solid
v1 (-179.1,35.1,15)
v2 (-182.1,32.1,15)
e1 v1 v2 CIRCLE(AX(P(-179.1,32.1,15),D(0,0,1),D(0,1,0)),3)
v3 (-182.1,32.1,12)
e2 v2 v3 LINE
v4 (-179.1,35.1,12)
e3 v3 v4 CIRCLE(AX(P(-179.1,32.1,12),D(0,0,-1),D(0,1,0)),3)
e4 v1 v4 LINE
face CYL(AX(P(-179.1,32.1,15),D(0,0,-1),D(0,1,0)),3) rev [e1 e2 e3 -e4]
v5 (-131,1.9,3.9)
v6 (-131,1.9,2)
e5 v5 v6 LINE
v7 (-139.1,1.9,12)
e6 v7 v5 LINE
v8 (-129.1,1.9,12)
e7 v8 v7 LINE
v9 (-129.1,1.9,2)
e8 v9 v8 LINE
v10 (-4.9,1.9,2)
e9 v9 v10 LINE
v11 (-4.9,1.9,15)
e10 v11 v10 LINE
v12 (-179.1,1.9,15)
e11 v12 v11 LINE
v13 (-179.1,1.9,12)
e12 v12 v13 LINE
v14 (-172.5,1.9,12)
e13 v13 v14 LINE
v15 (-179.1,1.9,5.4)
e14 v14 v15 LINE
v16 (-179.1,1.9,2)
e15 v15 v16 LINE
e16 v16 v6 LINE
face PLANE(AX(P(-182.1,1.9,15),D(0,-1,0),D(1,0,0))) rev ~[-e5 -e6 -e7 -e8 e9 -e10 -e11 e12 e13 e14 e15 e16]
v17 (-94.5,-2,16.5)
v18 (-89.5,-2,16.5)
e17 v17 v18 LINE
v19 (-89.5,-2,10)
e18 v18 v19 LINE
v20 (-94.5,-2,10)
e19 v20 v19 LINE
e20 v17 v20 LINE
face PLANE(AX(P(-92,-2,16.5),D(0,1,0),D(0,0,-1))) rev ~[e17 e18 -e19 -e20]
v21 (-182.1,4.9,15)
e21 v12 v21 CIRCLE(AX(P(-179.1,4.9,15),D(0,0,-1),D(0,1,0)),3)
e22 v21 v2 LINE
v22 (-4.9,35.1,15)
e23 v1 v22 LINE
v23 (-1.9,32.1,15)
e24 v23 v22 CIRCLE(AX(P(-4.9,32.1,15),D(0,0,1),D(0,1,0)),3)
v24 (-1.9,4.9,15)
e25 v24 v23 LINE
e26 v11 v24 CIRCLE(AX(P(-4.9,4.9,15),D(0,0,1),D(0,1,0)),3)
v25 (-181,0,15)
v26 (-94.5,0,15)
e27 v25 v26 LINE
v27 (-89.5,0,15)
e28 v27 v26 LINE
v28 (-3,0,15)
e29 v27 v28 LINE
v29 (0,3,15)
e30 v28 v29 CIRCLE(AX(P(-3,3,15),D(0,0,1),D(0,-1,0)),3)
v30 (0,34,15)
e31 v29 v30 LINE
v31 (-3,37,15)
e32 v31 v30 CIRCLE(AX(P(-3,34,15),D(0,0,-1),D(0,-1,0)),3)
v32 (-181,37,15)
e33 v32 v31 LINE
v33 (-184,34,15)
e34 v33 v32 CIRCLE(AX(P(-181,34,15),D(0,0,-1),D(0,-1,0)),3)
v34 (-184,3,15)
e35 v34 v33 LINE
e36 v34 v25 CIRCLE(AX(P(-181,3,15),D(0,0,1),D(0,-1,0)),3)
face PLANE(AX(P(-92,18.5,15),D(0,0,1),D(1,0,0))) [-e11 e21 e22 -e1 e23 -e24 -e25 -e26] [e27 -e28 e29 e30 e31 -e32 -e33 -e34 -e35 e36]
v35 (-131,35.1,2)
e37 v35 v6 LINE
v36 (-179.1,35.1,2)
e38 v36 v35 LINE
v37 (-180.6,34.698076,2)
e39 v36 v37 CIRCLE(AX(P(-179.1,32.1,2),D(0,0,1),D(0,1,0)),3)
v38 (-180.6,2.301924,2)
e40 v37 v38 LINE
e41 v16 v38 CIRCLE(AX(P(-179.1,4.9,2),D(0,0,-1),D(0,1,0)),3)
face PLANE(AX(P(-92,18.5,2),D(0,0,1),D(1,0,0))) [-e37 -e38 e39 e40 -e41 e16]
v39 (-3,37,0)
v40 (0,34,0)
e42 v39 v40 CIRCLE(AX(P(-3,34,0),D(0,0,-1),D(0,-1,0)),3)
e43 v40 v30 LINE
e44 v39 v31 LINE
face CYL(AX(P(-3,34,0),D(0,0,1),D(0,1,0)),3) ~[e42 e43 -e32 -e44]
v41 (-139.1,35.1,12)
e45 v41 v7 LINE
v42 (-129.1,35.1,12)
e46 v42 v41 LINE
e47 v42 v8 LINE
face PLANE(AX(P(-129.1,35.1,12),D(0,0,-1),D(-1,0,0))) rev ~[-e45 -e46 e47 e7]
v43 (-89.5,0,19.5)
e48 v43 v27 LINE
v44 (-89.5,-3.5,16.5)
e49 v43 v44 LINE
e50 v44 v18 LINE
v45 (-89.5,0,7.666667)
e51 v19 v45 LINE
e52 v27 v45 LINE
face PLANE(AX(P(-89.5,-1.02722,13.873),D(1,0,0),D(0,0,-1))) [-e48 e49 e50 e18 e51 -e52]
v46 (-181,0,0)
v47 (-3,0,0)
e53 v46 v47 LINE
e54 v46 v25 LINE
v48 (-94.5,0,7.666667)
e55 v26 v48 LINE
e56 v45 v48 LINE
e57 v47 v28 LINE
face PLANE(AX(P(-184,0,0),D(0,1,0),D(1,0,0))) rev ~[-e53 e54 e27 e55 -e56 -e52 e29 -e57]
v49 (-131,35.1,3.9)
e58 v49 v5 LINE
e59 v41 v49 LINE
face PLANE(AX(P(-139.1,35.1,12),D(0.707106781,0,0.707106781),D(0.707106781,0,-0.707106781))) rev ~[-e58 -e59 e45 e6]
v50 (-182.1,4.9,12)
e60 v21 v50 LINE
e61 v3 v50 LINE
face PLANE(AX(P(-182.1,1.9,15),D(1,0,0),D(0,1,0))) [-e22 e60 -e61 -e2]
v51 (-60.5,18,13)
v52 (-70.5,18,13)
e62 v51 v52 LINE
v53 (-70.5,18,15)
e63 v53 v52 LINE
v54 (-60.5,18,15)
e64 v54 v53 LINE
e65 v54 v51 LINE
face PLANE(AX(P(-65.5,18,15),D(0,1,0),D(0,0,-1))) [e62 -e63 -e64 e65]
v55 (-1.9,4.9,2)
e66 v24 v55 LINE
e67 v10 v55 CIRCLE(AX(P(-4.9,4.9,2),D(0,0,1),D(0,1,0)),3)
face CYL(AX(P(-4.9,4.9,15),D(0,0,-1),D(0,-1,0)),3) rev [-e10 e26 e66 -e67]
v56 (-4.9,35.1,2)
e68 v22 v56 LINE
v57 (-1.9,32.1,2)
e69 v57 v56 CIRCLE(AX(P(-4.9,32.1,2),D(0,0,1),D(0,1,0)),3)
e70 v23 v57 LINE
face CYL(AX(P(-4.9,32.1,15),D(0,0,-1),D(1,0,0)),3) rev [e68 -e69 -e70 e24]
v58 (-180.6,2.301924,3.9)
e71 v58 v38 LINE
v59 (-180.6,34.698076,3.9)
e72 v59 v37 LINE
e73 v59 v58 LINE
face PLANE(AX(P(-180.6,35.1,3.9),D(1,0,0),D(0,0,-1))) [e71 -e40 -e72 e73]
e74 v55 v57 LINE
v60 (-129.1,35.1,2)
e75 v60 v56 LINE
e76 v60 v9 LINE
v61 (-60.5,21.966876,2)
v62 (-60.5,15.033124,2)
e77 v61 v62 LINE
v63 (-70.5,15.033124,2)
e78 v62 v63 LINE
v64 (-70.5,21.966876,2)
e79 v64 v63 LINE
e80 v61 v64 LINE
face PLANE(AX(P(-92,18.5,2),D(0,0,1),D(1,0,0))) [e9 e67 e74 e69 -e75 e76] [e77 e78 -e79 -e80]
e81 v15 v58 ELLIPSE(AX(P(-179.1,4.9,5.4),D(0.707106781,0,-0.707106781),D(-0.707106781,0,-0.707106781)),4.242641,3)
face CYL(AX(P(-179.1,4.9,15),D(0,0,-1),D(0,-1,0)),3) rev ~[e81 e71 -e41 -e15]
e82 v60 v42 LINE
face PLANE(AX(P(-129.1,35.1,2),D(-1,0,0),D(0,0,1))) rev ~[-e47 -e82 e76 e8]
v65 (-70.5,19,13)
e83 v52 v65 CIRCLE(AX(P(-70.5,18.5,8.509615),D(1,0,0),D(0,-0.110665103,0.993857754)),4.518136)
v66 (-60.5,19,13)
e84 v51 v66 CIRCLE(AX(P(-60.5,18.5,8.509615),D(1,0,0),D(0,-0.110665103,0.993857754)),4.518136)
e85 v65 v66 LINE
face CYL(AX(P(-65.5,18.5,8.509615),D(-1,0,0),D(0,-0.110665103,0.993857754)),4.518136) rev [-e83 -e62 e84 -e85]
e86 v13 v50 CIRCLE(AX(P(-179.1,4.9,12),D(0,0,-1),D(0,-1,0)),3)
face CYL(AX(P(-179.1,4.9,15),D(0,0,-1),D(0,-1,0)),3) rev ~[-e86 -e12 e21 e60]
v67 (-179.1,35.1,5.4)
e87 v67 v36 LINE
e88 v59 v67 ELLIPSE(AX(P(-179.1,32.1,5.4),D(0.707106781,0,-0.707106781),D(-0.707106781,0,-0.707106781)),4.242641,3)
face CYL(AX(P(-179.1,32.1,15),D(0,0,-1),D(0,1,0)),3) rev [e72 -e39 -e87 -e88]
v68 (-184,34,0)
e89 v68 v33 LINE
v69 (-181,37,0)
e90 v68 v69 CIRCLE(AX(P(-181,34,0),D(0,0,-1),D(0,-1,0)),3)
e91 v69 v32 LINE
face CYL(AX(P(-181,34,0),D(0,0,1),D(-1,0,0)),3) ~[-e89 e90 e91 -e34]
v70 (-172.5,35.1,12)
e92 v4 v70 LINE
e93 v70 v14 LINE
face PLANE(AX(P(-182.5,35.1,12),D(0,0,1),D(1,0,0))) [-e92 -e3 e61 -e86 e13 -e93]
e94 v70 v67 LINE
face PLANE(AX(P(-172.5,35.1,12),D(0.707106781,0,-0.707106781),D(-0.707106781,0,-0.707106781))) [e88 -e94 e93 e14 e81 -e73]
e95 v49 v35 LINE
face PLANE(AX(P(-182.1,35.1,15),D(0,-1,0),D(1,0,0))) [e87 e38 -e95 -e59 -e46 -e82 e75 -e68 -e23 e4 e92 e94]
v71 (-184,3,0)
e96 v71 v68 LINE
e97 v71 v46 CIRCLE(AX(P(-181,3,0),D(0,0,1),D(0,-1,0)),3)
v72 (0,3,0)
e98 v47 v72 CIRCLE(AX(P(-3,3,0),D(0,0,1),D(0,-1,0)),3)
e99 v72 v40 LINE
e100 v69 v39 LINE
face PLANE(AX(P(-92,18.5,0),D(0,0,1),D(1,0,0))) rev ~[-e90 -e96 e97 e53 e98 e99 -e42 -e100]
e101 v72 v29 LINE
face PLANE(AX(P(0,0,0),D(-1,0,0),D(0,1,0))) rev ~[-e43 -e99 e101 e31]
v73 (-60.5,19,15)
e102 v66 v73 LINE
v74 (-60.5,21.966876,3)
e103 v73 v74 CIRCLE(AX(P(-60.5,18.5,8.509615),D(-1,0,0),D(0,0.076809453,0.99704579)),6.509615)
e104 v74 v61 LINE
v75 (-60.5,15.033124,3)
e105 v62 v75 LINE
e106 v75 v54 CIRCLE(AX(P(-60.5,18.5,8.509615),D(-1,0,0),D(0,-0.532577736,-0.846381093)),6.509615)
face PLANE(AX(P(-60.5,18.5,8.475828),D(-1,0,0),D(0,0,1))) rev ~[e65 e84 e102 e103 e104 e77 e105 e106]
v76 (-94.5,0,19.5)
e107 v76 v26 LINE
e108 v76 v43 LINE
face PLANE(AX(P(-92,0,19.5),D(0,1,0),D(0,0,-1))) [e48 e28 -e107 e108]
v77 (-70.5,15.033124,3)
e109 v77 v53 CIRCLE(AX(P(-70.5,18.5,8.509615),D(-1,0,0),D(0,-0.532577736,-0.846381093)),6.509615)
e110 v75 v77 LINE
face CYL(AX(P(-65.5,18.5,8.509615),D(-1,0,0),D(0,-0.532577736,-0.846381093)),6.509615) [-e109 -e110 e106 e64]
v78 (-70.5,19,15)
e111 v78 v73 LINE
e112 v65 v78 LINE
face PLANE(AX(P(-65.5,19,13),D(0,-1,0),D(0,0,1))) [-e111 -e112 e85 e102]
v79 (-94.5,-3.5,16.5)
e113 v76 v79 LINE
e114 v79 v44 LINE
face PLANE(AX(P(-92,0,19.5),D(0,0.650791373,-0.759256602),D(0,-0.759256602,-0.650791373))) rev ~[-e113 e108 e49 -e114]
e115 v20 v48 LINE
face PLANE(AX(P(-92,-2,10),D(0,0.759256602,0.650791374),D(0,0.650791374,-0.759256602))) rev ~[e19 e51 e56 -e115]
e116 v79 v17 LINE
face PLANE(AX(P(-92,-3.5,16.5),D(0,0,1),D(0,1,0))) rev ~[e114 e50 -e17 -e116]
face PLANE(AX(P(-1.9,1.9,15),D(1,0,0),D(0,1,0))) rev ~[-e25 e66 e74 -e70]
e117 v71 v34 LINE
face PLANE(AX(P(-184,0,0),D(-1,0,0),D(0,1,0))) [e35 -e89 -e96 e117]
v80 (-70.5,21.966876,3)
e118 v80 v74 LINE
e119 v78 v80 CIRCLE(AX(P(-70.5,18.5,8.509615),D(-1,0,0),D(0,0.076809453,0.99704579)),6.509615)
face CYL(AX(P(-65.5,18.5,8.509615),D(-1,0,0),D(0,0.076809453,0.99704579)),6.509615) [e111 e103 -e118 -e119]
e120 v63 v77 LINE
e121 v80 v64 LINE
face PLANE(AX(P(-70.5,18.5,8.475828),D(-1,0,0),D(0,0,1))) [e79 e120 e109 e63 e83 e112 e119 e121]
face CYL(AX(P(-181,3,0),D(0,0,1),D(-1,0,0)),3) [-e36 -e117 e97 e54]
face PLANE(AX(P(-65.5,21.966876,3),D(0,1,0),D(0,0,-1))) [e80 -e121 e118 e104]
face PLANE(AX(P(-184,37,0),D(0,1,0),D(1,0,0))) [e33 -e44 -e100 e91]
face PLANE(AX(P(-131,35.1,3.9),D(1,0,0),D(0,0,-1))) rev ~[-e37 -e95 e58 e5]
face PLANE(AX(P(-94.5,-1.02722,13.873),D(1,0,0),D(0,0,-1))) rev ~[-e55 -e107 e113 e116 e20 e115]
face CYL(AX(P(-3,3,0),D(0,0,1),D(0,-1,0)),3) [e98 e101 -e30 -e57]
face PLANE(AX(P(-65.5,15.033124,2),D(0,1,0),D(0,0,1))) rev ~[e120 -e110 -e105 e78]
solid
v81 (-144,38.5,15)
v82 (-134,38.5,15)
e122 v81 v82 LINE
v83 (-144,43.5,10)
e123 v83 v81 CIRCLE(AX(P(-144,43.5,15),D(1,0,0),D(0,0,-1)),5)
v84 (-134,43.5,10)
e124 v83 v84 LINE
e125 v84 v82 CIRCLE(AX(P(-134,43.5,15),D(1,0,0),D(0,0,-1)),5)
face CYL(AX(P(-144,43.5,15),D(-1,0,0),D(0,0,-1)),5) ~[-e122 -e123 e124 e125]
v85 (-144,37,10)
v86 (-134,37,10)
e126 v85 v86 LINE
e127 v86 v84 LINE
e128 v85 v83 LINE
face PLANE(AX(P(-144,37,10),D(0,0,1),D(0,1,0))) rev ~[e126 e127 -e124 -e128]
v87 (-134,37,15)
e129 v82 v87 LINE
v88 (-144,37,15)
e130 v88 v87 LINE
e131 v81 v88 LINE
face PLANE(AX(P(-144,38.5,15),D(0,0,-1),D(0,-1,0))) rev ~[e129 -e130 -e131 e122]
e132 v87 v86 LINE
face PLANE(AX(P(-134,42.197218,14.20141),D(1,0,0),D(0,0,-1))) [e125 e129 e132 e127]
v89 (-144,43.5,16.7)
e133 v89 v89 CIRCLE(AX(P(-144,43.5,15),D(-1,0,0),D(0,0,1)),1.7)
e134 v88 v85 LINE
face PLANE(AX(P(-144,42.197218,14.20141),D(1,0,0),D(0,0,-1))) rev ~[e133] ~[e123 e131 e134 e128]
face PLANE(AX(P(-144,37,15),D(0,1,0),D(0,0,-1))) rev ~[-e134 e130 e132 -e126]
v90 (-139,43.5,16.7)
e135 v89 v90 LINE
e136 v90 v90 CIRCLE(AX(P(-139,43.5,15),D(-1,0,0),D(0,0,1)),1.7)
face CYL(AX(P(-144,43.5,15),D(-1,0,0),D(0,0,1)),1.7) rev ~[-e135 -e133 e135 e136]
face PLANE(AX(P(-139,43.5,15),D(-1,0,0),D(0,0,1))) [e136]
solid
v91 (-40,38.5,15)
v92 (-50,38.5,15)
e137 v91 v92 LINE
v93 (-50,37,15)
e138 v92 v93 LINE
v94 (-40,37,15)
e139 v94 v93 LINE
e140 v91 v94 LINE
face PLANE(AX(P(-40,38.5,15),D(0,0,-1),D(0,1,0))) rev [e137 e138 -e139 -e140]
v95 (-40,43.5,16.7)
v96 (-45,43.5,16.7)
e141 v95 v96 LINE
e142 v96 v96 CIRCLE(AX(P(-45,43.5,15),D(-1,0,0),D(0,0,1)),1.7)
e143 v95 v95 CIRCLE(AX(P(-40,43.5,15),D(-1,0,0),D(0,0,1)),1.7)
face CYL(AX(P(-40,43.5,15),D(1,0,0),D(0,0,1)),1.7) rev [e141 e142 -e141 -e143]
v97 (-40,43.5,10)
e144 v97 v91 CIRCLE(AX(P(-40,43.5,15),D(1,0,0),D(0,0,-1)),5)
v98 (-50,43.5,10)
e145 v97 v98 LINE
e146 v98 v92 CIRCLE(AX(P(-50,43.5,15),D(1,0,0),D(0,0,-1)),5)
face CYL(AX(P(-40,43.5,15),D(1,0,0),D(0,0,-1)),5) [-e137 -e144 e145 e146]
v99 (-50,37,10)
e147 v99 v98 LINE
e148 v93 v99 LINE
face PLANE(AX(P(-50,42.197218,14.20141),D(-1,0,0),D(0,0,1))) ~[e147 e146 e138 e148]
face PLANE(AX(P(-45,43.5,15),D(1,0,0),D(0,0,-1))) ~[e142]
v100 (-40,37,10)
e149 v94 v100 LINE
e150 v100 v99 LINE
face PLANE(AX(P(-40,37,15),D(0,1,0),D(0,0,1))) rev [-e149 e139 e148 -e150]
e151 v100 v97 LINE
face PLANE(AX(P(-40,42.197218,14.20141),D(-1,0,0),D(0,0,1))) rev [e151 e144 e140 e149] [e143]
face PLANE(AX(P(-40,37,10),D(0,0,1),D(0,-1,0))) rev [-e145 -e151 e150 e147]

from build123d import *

# Parameters (mm, degrees)
CROQUIS1_W                   = 184
CROQUIS1_H                   = 37
SALIENTE_EXTRUIR1_DEPTH      = 15
CROQUIS3_W                   = 180.2
CROQUIS3_H                   = 33.2
CORTAR_EXTRUIR2_DEPTH        = 13
SALIENTE_EXTRUIR2_START      = -40
SALIENTE_EXTRUIR2_DEPTH      = 10
CROQUIS5_R                   = 1.7
CORTAR_EXTRUIR3_DEPTH        = 5
REDONDEO1_R                  = 3
SALIENTE_EXTRUIR3_START      = -92
SALIENTE_EXTRUIR3_DEPTH      = 2.5
SALIENTE_EXTRUIR3_DEPTH_BACK = 2.5
SALIENTE_EXTRUIR4_START      = 63.6
SALIENTE_EXTRUIR4_DEPTH      = 5
SALIENTE_EXTRUIR4_DEPTH_BACK = 5
SALIENTE_EXTRUIR5_DEPTH      = 33.2


with BuildPart() as part:
    # Croquis1 → Saliente-Extruir1 (new body)
    with BuildSketch(Plane.XY):
        with Locations((-92, 18.5)):
            Rectangle(CROQUIS1_W, CROQUIS1_H)
    extrude(amount=SALIENTE_EXTRUIR1_DEPTH)

    # Croquis3 → Cortar-Extruir2 (cut)
    with BuildSketch(Plane.XY.offset(15)):
        with Locations((-92, 18.5)):
            Rectangle(CROQUIS3_W, CROQUIS3_H)
    extrude(amount=-CORTAR_EXTRUIR2_DEPTH, mode=Mode.SUBTRACT)

    # Redondeo1
    redondeo1_edges = [part.edges().sort_by_distance(p)[0] for p in [
        (-1.9, 1.9, 8.5),
        (-182.1, 1.9, 8.5),
        (-182.1, 35.1, 8.5),
        (-1.9, 35.1, 8.5),
        (0, 0, 7.5),
        (-184, 0, 7.5),
        (-184, 37, 7.5),
        (0, 37, 7.5),
    ]]
    fillet(redondeo1_edges, radius=REDONDEO1_R)

    # Croquis6 → Saliente-Extruir3 (add, two sides)
    with BuildSketch(Plane.ZY.offset(184).offset(SALIENTE_EXTRUIR3_START)) as saliente_extruir3_sk:
        Polygon((15, 0), (19.5, 0), (16.5, -3.5), (16.5, -2), (10, -2), (7.666666667, 0), align=None)
    extrude(amount=SALIENTE_EXTRUIR3_DEPTH)
    extrude(saliente_extruir3_sk.sketch, amount=-SALIENTE_EXTRUIR3_DEPTH_BACK)

    # Croquis7 → Saliente-Extruir4 (add, two sides)
    with BuildSketch(Plane.ZY.offset(1.9).offset(SALIENTE_EXTRUIR4_START)) as saliente_extruir4_sk:
        with BuildLine():
            Line((3, 21.966876226), (2, 21.966876226))
            Line((2, 21.966876226), (2, 18.5))
            Line((2, 18.5), (2, 15.033123774))
            Line((2, 15.033123774), (3, 15.033123774))
            ThreePointArc((3, 15.033123774), (10.072006407, 12.180662475), (15, 18))
            Line((15, 18), (13, 18))
            ThreePointArc((13, 18), (3.991479265, 18.5), (13, 19))
            Line((13, 19), (15, 19))
            ThreePointArc((15, 19), (10.072006407, 24.819337525), (3, 21.966876226))
        make_face()
    extrude(amount=SALIENTE_EXTRUIR4_DEPTH)
    extrude(saliente_extruir4_sk.sketch, amount=-SALIENTE_EXTRUIR4_DEPTH_BACK)

    # Croquis8 → Saliente-Extruir5 (add)
    with BuildSketch(Plane.XZ.offset(-35.1)):
        Polygon((-129.1, 2), (-129.1, 12), (-139.1, 12), (-131, 3.9), (-131, 2), align=None)
        Polygon((-182.5, 12), (-172.5, 12), (-180.6, 3.9), (-180.6, 2), (-182.5, 2), align=None)
    extrude(amount=SALIENTE_EXTRUIR5_DEPTH)


with BuildPart() as body_2:
    # Croquis4 → Saliente-Extruir2 (new body)
    with BuildSketch(Plane.ZY.offset(184).offset(SALIENTE_EXTRUIR2_START)):
        with BuildLine():
            Line((15, 38.5), (15, 37))
            Line((15, 37), (10, 37))
            Line((10, 37), (10, 43.5))
            ThreePointArc((10, 43.5), (18.535533906, 47.035533906), (15, 38.5))
        make_face()
    extrude(amount=-SALIENTE_EXTRUIR2_DEPTH)

    # Croquis5 → Cortar-Extruir3 (cut)
    with BuildSketch(Plane.ZY.offset(144)):
        with Locations((15, 43.5)):
            Circle(CROQUIS5_R)
    extrude(amount=-CORTAR_EXTRUIR3_DEPTH, mode=Mode.SUBTRACT)


with BuildPart() as body_3:
    # Simetría1: mirrored copy
    add(body_2.part.mirror(Plane.ZY.offset(92)))


solid = Compound([part.part, body_2.part, body_3.part])
